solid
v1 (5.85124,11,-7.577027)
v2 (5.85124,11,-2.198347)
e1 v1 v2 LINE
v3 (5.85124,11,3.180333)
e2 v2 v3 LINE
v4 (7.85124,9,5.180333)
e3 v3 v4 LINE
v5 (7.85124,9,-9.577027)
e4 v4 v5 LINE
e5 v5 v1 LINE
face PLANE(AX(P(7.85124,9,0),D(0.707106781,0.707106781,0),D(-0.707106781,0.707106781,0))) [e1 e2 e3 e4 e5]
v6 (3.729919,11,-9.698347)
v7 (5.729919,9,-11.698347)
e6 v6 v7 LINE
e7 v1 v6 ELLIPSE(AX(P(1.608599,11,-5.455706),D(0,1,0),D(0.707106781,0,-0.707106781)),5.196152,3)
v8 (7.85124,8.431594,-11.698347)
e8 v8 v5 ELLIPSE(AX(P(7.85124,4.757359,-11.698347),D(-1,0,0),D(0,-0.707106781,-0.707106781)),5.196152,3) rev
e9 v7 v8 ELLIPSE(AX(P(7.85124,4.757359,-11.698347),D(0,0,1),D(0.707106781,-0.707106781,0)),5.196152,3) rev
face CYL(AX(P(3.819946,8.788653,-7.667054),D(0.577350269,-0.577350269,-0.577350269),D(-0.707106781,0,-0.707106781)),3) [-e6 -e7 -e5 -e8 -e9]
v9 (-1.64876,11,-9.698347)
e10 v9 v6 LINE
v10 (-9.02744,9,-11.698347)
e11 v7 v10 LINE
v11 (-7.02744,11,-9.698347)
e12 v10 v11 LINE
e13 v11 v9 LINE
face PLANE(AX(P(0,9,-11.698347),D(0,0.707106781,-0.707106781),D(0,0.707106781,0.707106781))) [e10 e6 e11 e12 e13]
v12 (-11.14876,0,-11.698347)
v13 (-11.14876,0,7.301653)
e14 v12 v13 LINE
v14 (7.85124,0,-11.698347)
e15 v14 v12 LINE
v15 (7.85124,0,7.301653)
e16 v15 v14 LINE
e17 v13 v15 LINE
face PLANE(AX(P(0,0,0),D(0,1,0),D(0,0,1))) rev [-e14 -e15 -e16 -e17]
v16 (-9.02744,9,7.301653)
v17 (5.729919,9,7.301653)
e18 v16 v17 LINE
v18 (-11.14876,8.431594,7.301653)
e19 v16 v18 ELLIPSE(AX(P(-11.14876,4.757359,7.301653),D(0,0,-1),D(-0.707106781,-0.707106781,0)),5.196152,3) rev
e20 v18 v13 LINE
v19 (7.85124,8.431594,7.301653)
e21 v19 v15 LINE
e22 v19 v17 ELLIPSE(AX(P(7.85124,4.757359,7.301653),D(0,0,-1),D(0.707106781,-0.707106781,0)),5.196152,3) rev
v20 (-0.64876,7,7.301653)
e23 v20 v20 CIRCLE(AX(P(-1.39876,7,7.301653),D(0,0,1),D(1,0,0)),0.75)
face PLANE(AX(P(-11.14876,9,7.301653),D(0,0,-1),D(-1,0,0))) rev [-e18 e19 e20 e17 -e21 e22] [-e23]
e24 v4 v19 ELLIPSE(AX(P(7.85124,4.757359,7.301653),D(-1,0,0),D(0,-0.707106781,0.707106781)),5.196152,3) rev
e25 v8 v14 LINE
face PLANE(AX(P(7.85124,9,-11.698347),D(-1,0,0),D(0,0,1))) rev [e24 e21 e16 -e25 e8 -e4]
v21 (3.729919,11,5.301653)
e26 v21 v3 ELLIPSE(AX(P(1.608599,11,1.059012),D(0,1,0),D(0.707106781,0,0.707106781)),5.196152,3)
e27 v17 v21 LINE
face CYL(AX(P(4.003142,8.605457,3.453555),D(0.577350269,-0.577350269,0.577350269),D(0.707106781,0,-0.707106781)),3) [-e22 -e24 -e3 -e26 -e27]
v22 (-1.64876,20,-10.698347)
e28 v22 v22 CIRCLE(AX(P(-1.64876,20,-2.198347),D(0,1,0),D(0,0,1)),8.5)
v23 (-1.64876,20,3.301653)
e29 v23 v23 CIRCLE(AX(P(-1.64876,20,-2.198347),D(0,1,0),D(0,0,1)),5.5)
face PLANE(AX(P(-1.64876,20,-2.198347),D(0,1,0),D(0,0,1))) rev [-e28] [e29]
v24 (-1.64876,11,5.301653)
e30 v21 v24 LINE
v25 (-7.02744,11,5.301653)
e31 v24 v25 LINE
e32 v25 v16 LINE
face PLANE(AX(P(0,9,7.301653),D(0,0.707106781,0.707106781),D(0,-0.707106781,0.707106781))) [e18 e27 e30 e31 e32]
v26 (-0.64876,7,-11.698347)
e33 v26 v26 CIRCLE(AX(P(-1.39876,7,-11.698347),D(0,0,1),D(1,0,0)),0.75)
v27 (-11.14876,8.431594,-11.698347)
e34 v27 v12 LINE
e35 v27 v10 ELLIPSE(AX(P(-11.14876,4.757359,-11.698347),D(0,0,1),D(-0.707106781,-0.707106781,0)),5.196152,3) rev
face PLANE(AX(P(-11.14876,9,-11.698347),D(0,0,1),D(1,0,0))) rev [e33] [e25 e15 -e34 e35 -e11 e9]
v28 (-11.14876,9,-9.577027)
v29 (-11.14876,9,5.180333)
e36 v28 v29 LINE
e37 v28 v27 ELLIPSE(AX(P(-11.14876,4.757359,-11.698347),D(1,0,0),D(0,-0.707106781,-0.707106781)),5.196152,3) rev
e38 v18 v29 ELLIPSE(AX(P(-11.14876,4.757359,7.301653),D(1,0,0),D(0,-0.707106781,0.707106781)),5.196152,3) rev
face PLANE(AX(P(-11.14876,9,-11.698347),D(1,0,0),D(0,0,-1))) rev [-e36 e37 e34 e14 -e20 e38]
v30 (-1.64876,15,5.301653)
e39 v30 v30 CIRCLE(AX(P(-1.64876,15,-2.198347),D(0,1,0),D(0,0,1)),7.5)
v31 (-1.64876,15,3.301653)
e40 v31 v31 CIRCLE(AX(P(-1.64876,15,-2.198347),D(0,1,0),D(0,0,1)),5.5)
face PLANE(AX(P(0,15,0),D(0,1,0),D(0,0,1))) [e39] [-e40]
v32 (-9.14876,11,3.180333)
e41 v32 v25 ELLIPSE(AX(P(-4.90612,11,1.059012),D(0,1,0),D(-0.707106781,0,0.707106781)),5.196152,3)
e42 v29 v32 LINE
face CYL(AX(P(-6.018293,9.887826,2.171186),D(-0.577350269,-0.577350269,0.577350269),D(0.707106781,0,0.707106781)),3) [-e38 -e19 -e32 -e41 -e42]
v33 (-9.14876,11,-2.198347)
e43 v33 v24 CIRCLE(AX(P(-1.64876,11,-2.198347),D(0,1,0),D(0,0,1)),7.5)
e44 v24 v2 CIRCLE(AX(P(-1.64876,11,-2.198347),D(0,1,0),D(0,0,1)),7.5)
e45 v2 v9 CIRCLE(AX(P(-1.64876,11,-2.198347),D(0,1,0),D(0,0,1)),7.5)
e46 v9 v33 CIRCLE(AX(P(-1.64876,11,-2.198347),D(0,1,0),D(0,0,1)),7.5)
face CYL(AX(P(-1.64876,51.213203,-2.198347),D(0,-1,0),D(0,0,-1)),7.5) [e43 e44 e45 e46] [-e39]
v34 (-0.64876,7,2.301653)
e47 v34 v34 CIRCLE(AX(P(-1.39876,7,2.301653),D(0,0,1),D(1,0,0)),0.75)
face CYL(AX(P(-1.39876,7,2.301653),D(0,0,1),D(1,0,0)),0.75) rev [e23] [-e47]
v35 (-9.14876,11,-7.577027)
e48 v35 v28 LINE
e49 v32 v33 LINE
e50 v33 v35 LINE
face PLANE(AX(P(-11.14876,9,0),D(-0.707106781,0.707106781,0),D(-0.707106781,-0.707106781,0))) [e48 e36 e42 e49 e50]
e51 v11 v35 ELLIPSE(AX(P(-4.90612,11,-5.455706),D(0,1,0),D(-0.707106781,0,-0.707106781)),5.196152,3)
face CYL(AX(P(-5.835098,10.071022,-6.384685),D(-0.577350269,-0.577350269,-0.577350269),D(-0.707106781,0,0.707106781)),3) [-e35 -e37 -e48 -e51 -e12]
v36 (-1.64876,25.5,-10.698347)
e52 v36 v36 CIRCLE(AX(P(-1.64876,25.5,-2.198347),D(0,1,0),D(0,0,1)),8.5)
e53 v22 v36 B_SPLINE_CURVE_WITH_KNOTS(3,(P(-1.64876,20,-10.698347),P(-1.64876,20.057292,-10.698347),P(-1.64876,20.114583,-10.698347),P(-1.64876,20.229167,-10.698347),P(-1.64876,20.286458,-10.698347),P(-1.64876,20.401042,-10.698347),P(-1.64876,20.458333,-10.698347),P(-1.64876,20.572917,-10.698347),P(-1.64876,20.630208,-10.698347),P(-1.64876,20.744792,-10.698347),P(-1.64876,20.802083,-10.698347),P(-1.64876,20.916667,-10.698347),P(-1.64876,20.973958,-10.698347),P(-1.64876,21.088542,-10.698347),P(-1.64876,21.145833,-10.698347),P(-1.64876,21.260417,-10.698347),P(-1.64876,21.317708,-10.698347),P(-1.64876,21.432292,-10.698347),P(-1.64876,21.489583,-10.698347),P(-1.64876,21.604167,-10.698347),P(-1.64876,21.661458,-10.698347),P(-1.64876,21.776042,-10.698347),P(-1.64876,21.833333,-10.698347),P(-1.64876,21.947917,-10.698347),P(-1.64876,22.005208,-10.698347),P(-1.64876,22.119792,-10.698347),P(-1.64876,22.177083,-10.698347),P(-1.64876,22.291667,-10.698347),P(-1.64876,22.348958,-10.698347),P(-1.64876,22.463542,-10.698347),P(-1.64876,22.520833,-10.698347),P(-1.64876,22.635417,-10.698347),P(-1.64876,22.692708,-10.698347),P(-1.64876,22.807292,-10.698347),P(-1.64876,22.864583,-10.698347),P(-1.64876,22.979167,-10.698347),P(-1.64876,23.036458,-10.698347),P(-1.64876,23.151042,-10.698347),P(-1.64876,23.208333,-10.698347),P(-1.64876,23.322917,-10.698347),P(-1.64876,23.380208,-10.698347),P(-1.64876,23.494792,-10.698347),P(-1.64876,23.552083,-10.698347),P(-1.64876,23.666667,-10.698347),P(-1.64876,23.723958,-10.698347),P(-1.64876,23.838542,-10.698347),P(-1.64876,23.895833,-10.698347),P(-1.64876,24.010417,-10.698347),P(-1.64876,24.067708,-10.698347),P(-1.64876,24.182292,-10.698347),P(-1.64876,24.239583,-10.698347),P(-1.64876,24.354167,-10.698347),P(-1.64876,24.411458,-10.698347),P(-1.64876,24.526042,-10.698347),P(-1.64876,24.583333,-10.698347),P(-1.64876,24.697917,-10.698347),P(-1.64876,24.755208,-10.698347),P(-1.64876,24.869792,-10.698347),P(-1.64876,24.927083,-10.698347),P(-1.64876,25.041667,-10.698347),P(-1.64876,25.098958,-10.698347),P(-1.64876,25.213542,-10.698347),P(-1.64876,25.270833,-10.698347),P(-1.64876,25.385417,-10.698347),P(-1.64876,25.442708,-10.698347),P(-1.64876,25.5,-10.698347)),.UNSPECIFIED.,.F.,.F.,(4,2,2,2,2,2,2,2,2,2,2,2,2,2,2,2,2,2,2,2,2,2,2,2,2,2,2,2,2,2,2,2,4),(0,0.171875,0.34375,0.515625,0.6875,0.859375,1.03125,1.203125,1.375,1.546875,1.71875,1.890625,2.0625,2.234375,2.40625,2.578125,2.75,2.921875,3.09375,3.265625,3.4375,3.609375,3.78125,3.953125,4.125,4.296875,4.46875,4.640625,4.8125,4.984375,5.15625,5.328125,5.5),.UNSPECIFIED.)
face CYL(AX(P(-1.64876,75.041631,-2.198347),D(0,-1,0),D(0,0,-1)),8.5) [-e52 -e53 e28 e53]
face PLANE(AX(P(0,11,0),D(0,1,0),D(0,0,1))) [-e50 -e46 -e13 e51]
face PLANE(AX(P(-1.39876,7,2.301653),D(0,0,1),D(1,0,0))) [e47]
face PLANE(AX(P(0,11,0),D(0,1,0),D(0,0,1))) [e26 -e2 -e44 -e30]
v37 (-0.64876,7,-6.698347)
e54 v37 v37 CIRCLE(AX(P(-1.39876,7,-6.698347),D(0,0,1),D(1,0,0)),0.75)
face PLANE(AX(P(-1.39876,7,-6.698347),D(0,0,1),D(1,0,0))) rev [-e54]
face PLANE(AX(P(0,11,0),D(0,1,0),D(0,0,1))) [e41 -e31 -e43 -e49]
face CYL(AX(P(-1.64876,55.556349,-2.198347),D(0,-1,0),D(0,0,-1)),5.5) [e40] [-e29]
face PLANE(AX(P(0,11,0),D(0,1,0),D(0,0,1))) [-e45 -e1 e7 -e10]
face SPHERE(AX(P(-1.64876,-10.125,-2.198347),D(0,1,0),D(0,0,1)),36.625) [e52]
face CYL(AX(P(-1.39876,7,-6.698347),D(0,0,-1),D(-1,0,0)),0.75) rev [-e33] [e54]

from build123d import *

# Parameters (mm, degrees)
SKETCH1_W           = 19
SKETCH1_H           = 19
BOSS_EXTRUDE1_DEPTH = 9
BOSS_EXTRUDE2_START = 9
SKETCH1_2_W         = 19
SKETCH1_2_H         = 19
BOSS_EXTRUDE2_DEPTH = 2
BOSS_EXTRUDE2_TAPER = 45
FILLET1_R           = 3
SKETCH2_R           = 7.5
BOSS_EXTRUDE3_DEPTH = 4
SKETCH3_R           = 5.5
BOSS_EXTRUDE4_DEPTH = 5
SKETCH4_R           = 8.5
BOSS_EXTRUDE5_DEPTH = 5.5
DOME1_FACE_RADIUS   = 8.5
DOME1_HEIGHT        = 1
SKETCH5_R           = 0.75
CUT_EXTRUDE1_DEPTH  = 5
CUT_EXTRUDE2_START  = -14
SKETCH5_2_R         = 0.75
CUT_EXTRUDE2_DEPTH  = 5


with BuildPart() as part:
    # Sketch1 → Boss-Extrude1 (new body)
    with BuildSketch(Plane(origin=(0, 0, 0), x_dir=(1, 0, 0), z_dir=(0, 1, 0))):
        with Locations((-1.648760331, 2.198347107)):
            Rectangle(SKETCH1_W, SKETCH1_H)
    extrude(amount=BOSS_EXTRUDE1_DEPTH)

    # Sketch1<2> → Boss-Extrude2 (add)
    with BuildSketch(Plane(origin=(0, 0, 0), x_dir=(1, 0, 0), z_dir=(0, 1, 0)).offset(BOSS_EXTRUDE2_START)):
        with Locations((-1.648760331, 2.198347107)):
            Rectangle(SKETCH1_2_W, SKETCH1_2_H)
    extrude(amount=BOSS_EXTRUDE2_DEPTH, taper=BOSS_EXTRUDE2_TAPER)

    # Fillet1
    fillet1_edges = [part.edges().sort_by_distance(p)[0] for p in [
        (6.851239669, 10, 6.301652893),
        (6.851239669, 10, -10.698347107),
        (-10.148760331, 10, -10.698347107),
        (-10.148760331, 10, 6.301652893),
    ]]
    fillet(fillet1_edges, radius=FILLET1_R)

    # Sketch2 → Boss-Extrude3 (add)
    with BuildSketch(Plane(origin=(0, 11, 0), x_dir=(1, 0, 0), z_dir=(0, 1, 0))):
        with Locations(Location((-1.648760331, 2.198347107, 0), (0, 0, 270))):
            Circle(SKETCH2_R)
    extrude(amount=BOSS_EXTRUDE3_DEPTH)

    # Sketch3 → Boss-Extrude4 (add)
    with BuildSketch(Plane(origin=(0, 15, 0), x_dir=(1, 0, 0), z_dir=(0, 1, 0))):
        with Locations(Location((-1.648760331, 2.198347107, 0), (0, 0, 270))):
            Circle(SKETCH3_R)
    extrude(amount=BOSS_EXTRUDE4_DEPTH)

    # Sketch4 → Boss-Extrude5 (add)
    with BuildSketch(Plane(origin=(0, 20, 0), x_dir=(1, 0, 0), z_dir=(0, 1, 0))):
        with Locations(Location((-1.648760331, 2.198347107, 0), (0, 0, 90))):
            Circle(SKETCH4_R)
    extrude(amount=BOSS_EXTRUDE5_DEPTH)

    # Dome1: a dome of height H over a round flat face of radius A is a cap of a sphere of radius (A * A + H * H) / (2 * H)
    dome1_r = (DOME1_FACE_RADIUS * DOME1_FACE_RADIUS + DOME1_HEIGHT * DOME1_HEIGHT) / (2 * DOME1_HEIGHT)
    dome1_base = Plane((-1.648760331, 25.5, -2.198347107), z_dir=(0, 1, 0))
    with Locations(dome1_base.offset(DOME1_HEIGHT - dome1_r)):
        dome1_ball = Sphere(dome1_r, mode=Mode.PRIVATE)
    add(split(dome1_ball, bisect_by=dome1_base, keep=Keep.TOP, mode=Mode.PRIVATE))

    # Sketch5 → Cut-Extrude1 (cut)
    with BuildSketch(Plane.XY.offset(7.301652893)):
        with Locations((-1.398760331, 7)):
            Circle(SKETCH5_R)
    extrude(amount=-CUT_EXTRUDE1_DEPTH, mode=Mode.SUBTRACT)

    # Sketch5<2> → Cut-Extrude2 (cut)
    with BuildSketch(Plane.XY.offset(7.301652893).offset(CUT_EXTRUDE2_START)):
        with Locations((-1.398760331, 7)):
            Circle(SKETCH5_2_R)
    extrude(amount=-CUT_EXTRUDE2_DEPTH, mode=Mode.SUBTRACT)


solid = part.part
